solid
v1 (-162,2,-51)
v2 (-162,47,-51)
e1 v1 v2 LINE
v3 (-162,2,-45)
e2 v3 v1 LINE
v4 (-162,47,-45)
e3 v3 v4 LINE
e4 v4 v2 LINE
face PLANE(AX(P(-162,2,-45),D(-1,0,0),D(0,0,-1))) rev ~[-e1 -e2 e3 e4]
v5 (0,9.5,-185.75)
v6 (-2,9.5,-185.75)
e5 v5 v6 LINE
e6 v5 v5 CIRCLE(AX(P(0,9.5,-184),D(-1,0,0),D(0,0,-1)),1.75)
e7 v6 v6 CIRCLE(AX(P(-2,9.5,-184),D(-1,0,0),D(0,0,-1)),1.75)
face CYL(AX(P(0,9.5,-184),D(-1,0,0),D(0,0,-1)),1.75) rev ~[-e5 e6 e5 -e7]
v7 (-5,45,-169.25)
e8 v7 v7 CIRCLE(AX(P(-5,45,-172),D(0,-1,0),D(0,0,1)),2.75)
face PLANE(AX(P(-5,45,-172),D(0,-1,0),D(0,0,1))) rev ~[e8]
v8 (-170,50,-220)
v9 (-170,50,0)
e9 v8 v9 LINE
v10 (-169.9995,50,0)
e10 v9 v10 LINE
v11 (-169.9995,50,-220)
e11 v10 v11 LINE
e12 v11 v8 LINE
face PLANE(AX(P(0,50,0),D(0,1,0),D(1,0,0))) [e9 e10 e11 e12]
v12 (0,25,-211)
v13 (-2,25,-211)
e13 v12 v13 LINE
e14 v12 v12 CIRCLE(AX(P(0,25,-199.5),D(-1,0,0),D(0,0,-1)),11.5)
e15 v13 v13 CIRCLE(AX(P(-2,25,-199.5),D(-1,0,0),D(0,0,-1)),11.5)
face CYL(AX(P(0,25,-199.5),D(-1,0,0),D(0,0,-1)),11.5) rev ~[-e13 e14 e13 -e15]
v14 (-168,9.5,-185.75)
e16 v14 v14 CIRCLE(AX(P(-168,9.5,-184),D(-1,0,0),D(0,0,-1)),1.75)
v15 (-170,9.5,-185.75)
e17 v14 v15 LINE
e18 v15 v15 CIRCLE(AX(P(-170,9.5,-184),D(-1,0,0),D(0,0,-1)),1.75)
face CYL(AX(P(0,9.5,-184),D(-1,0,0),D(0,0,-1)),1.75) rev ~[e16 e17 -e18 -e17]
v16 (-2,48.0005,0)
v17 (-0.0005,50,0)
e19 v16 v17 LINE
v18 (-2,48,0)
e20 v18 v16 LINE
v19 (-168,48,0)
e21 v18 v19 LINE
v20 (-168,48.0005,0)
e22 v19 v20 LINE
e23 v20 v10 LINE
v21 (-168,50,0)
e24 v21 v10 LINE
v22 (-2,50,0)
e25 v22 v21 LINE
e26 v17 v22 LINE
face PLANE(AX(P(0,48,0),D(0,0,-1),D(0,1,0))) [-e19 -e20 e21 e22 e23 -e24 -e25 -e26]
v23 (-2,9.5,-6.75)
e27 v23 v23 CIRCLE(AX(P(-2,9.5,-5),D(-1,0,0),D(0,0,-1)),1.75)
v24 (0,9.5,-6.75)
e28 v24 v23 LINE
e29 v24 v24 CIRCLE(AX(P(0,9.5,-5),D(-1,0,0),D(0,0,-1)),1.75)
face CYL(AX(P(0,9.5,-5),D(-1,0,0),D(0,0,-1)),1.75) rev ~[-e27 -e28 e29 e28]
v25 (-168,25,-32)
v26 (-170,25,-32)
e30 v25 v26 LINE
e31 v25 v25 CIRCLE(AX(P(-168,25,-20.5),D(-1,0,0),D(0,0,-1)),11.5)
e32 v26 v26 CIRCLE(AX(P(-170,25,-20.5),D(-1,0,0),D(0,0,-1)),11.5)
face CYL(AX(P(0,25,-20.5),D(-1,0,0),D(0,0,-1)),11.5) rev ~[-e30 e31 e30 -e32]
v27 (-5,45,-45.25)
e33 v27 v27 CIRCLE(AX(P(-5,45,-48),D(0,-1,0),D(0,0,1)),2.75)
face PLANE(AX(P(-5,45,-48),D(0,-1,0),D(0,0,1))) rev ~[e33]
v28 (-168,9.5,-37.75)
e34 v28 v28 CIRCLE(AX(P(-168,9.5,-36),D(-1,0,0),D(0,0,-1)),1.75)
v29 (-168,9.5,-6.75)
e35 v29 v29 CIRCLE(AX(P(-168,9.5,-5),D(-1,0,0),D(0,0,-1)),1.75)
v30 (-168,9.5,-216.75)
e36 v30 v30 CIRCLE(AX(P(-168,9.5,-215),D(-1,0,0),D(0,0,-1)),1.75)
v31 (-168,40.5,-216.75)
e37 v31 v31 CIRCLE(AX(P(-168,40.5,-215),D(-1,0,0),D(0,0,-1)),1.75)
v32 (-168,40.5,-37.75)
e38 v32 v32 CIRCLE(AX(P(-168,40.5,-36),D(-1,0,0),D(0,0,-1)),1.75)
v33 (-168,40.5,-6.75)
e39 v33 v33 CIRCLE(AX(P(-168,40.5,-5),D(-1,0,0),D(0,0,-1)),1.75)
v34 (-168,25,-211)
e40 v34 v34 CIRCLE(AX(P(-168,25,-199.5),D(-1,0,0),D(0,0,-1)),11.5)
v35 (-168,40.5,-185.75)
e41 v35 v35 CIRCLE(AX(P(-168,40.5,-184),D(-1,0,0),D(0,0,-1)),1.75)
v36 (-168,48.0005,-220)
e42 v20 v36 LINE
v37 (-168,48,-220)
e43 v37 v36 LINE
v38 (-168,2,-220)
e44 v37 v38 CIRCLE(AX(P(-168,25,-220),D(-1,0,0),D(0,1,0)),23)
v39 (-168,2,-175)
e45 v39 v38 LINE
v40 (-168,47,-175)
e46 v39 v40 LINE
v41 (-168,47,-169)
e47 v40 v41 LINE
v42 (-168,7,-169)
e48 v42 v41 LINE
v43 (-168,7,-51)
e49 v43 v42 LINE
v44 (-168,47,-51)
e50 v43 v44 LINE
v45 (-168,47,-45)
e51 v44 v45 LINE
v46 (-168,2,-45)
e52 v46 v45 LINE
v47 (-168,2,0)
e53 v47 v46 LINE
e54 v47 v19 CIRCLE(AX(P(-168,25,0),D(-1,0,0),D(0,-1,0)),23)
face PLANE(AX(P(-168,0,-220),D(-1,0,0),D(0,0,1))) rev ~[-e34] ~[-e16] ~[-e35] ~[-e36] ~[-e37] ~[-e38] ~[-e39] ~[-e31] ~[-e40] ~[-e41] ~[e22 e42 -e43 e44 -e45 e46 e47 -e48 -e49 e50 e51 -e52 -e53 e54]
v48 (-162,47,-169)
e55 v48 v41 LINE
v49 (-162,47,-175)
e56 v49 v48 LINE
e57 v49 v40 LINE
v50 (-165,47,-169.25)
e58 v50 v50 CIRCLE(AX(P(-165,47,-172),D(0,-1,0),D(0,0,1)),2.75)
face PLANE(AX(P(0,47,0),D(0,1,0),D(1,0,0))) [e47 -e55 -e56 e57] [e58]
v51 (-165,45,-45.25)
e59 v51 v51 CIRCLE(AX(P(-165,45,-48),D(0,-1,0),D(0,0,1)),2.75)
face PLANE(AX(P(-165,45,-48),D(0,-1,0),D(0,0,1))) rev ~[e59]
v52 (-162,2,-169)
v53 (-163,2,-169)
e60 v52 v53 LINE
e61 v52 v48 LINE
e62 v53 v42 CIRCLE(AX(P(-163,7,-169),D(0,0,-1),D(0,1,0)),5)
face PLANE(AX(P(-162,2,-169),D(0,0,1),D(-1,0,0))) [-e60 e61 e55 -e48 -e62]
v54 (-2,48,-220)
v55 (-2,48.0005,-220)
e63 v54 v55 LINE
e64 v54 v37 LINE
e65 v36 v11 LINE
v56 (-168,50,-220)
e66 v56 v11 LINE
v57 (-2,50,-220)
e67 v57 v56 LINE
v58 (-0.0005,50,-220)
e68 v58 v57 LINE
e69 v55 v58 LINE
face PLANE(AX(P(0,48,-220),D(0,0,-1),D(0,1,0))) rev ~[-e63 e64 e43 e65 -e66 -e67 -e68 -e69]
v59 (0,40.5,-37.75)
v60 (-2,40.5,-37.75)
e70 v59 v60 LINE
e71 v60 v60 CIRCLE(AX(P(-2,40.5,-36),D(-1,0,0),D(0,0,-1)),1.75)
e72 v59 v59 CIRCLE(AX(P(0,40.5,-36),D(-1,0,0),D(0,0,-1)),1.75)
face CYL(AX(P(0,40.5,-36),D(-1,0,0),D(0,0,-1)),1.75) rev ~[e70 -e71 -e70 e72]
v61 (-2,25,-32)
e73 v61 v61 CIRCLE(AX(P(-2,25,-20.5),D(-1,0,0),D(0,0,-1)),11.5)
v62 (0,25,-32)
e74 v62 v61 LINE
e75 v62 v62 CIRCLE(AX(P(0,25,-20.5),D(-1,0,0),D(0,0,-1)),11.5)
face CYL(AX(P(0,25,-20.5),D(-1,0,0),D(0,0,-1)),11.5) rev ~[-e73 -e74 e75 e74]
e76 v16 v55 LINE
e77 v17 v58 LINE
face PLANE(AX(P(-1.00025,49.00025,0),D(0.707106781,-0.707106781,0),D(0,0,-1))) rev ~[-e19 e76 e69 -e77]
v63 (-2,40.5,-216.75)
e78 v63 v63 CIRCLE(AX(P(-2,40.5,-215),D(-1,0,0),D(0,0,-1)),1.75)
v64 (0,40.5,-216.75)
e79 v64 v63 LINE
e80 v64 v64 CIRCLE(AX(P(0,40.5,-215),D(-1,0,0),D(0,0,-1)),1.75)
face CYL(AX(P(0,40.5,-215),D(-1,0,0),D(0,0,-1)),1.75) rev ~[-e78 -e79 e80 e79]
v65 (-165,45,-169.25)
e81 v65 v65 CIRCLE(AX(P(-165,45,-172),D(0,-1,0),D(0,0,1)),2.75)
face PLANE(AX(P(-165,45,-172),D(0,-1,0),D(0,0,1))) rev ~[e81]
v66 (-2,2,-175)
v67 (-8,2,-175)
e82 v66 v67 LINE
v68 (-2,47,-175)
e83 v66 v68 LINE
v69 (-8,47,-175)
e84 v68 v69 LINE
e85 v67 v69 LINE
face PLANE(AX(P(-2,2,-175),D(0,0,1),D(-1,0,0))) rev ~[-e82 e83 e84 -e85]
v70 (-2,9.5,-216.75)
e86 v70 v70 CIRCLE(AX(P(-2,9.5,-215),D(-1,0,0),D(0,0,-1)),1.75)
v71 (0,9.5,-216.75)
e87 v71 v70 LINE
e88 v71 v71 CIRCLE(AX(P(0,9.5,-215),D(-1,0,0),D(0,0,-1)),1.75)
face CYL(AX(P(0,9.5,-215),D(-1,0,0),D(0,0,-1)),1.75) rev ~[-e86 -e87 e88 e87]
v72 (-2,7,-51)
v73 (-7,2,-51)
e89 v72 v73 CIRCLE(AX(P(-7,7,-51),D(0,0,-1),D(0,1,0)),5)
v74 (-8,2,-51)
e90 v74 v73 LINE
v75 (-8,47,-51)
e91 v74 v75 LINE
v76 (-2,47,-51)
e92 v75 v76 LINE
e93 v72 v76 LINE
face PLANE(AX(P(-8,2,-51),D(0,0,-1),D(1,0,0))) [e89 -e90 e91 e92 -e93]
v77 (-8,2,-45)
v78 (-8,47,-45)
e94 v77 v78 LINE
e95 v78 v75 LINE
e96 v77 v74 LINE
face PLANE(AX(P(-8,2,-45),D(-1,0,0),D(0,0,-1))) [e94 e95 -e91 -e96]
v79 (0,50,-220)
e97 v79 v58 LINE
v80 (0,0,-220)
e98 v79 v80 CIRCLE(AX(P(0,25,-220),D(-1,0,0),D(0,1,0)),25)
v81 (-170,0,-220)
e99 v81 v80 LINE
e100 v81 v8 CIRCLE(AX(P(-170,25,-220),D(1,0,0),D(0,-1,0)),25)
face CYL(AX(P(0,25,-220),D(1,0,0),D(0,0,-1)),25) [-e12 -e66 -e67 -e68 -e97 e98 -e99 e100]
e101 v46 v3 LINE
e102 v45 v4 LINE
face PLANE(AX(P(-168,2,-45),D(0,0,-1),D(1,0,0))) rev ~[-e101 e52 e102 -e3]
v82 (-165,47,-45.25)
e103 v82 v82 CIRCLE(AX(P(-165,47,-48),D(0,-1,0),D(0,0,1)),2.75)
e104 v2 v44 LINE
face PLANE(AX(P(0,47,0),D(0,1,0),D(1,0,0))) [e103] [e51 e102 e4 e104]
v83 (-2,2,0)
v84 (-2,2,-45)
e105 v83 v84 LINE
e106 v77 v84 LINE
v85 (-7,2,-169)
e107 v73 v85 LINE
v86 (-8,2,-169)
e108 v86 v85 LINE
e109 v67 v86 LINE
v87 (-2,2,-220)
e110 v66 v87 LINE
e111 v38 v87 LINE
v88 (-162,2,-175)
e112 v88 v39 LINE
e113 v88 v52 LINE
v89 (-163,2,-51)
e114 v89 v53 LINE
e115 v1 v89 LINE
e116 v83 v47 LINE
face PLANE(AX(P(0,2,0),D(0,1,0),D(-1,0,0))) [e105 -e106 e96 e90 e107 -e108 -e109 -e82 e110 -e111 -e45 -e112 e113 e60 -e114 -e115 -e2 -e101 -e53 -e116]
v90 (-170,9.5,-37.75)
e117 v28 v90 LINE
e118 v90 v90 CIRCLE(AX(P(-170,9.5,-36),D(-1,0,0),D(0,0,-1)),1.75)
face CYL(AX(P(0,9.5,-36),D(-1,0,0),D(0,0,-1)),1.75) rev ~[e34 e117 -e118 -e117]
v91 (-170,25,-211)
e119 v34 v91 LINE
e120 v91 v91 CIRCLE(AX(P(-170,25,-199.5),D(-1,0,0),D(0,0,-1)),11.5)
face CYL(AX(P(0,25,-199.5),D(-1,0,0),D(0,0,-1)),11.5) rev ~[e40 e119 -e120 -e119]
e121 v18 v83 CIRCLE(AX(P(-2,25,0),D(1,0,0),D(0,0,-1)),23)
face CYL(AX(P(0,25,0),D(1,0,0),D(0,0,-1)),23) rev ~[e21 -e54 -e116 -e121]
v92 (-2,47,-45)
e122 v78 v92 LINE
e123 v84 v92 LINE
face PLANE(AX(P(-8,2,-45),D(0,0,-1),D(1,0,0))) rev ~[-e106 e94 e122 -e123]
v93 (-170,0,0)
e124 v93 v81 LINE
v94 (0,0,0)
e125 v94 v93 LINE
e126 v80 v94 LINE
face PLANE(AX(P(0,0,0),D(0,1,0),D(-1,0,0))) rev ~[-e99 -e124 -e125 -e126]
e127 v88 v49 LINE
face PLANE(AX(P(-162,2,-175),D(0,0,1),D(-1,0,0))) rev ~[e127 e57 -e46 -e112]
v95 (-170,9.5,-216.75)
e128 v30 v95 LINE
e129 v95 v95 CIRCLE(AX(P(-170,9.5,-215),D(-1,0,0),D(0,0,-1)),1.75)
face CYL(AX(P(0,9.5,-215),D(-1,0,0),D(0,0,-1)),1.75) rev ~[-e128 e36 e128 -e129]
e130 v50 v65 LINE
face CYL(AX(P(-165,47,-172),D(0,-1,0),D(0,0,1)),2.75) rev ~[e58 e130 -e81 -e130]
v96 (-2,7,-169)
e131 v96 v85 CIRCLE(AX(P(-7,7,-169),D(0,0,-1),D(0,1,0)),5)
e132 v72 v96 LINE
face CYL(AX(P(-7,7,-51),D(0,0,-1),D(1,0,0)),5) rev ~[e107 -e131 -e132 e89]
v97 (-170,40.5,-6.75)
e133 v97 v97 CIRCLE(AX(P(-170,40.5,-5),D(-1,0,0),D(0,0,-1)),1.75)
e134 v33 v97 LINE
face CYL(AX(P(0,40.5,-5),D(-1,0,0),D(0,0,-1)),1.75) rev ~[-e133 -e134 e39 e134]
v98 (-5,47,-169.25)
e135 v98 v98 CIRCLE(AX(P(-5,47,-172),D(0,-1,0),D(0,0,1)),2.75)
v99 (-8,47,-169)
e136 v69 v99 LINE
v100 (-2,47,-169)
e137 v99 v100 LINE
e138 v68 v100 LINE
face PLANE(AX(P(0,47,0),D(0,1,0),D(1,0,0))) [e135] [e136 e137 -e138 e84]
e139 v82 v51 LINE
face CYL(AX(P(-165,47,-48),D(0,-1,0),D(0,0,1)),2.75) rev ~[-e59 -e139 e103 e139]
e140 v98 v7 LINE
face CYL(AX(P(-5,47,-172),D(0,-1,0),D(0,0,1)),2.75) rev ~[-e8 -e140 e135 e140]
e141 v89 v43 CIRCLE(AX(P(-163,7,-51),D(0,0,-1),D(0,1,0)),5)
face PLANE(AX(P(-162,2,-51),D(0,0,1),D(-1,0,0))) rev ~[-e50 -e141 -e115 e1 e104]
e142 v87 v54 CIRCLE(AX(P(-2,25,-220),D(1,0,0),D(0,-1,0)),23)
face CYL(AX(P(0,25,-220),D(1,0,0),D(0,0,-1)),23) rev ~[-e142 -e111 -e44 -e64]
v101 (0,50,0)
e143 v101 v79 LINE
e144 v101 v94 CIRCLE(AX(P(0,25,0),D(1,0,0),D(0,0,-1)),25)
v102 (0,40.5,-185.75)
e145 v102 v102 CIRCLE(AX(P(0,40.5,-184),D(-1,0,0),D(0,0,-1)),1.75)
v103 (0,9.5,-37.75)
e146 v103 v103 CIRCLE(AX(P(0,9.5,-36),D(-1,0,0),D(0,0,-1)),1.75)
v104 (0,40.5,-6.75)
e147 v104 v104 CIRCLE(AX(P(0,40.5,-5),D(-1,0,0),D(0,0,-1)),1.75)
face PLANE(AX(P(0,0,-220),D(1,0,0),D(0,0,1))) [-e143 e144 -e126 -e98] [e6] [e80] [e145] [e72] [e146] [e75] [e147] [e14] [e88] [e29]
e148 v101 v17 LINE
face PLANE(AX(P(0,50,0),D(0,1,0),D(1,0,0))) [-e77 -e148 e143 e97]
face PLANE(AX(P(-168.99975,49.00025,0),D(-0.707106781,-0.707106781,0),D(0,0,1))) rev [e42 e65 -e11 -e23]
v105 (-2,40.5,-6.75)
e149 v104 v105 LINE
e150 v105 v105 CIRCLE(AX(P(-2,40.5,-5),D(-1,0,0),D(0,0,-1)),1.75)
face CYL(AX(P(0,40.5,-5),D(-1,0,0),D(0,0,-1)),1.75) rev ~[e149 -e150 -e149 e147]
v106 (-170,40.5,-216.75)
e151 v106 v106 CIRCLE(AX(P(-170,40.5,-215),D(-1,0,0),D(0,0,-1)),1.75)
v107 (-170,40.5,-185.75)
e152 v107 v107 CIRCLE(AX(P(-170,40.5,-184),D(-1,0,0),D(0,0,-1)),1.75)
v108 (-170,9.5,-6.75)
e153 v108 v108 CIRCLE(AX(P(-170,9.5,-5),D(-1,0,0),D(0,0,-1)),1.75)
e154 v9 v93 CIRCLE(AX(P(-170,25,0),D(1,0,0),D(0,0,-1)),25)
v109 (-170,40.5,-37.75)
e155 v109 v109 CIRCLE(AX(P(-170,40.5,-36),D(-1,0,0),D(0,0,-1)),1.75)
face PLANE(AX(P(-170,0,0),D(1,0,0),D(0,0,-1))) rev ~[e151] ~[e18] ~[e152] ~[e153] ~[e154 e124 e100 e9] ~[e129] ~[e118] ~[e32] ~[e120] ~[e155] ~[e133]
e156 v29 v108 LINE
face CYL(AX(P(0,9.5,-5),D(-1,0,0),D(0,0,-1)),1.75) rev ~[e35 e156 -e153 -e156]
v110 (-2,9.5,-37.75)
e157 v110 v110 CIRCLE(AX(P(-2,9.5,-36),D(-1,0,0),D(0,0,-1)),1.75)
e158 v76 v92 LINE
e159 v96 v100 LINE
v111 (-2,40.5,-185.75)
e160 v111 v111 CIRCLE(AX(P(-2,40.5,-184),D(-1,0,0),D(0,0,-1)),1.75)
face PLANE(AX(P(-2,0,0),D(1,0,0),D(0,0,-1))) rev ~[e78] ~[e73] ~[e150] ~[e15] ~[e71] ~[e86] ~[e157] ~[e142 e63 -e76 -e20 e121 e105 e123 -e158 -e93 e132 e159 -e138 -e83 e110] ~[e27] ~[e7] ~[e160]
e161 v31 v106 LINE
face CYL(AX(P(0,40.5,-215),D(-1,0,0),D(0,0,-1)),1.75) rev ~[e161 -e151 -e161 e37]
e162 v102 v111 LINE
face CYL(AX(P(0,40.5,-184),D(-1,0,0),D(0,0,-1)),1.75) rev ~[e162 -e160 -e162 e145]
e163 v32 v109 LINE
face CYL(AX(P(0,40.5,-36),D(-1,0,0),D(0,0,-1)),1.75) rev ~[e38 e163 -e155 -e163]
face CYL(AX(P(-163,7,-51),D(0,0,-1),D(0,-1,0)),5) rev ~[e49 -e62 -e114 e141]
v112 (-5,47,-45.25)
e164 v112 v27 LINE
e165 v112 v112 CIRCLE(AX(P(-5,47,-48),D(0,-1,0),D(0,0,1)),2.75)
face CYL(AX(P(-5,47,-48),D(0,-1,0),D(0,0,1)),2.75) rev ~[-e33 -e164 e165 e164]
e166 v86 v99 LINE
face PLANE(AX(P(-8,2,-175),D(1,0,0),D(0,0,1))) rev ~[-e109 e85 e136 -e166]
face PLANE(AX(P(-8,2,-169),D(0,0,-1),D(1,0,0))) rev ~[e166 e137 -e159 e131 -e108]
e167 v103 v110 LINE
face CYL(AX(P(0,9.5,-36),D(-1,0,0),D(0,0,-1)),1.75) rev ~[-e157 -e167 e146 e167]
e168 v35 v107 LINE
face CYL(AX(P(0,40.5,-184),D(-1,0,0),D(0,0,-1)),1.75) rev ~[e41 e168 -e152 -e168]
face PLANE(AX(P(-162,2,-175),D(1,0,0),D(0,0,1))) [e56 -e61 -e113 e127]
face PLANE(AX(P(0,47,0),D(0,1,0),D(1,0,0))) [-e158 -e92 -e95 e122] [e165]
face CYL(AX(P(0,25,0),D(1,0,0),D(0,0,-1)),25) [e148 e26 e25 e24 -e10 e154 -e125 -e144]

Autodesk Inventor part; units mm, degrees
ref_plane "YZ Plane" through (0, 0, 0) normal (1, 0, 0) x (0, 1, 0)
ref_plane "XZ Plane" through (0, 0, 0) normal (0, 1, 0) x (-1, 0, 0)
ref_plane "XY Plane" through (0, 0, 0) normal (0, 0, 1) x (1, 0, 0)
sketch "Sketch1" plane through (0, 0, 0) normal (0, 1, 0) x (-1, 0, 0)
  line L0 (0, 0) -> (170, 0)
  line L1 (170, 0) -> (170, -220)
  line L2 (170, -220) -> (0, -220)
  line L3 (0, -220) -> (0, 0)
  dimension "d0" = 170
  dimension "d1" = 220
extrude "base" add sketch "Sketch1" along normal blind 2
sketch "Sketch2" plane through (0, 2, 0) normal (0, 1, 0) x (1, 0, 0)
  line L0 (0, 0) -> (0, 220) projected
  line L1 (0, 220) -> (-170, 220) projected
  line L2 (0, 0) -> (-2, 0)
  line L3 (-2, 0) -> (-2, 220)
  line L4 (-2, 220) -> (0, 220)
  line L5 (0, 220) -> (0, 0)
  line L6 (-170, 220) -> (-170, 0) projected
  line L7 (-170, 0) -> (-168, 0)
  line L8 (-168, 0) -> (-168, 220)
  line L9 (-168, 220) -> (-170, 220)
  line L10 (-170, 220) -> (-170, 0)
  dimension "d4" = 2
  dimension "d5" = 2
extrude "walls" add sketch "Sketch2" along normal blind 48
sketch "rounded_wall" plane through (0, 0, 0) normal (1, 0, 0) x (0, 0, -1)
  line L0 (0, 0) -> (0, 50) projected
  line L1 (0, 0) -> (0, 50)
  circle A0 centre (0, 25) radius 25
  circle A1 centre (0, 25) radius 23
  line L2 (220, 0) -> (220, 50) projected
  line L3 (220, 0) -> (220, 50)
  circle A2 centre (220, 25) radius 25
  line L4 (220, 2) -> (220, 50) projected
  circle A3 centre (220, 25) radius 23
  point P0 (0, 2)
  point P1 (0, 48)
  point P2 (220, 48)
  dimension "d8" = 46
extrude "rounded_wall_extrusion" add sketch "rounded_wall" against normal blind 170 contours A0 L0 A1 | L2 A3 A2 picked at (-24.1559, 25.9241) picked at (243.9322, 21.4397)
extrude "rounded_wall_side1_extrusion" add sketch "rounded_wall" against normal blind 2 contours A1 L0 | L2 A3 picked at (-13.0084, 23.4205) picked at (235.581, 24.2074)
sketch "rounded_wall_side2" plane through (-170, 0, -220) normal (-1, 0, 0) x (0, 0, 1)
  line L0 (220, 2) -> (220, 48) projected
  line L1 (220, 48) -> (220, 2)
  arc A0 (220, 2) -> (220, 48) centre (220, 25) ccw projected
  circle A1 centre (220, 25) radius 23
  line L2 (0, 0) -> (220, 0) projected
  line L3 (0, 48) -> (0, 2)
  line L4 (0, 48) -> (0, 2)
  arc A2 (0, 48) -> (0, 2) centre (0, 25) ccw projected
  circle A3 centre (0, 25) radius 23
  point P0 (220, 4.5)
extrude "rounded_wall_side2_extrusion" add sketch "rounded_wall_side2" against normal blind 2 contours L0 A0 | L3 A2
sketch "holes" plane through (0, 25, -220) normal (1, 0, 0) x (0, 0, -1)
  arc A0 (-220, 23) -> (-220, -23) centre (-220, 0) ccw projected
  line L0 (-220, -23) -> (-179, -23)
  line L1 (-179, -23) -> (-179, 23)
  line L2 (-179, 23) -> (-220, 23)
  line L3 (-220, 23) -> (-220, -23)
  line L4 (-220, -23) -> (0, -23) projected
  line L5 (0, -23) -> (-41, -23)
  line L6 (-41, -23) -> (-41, 23)
  line L7 (-41, 23) -> (0, 23)
  line L8 (0, 23) -> (0, -23)
  line L9 (-5, -15.5) -> (-36, -15.5)
  line L10 (-36, -15.5) -> (-36, 15.5)
  line L11 (-36, 15.5) -> (-5, 15.5)
  line L12 (-5, 15.5) -> (-5, -15.5)
  arc A1 (0, -23) -> (0, 23) centre (0, 0) ccw projected
  line L13 (-215, -15.5) -> (-184, -15.5)
  line L14 (-184, -15.5) -> (-184, 15.5)
  line L15 (-184, 15.5) -> (-215, 15.5)
  line L16 (-215, 15.5) -> (-215, -15.5)
  arc A2 (-220, 25) -> (-220, -25) centre (-220, 0) ccw projected
  point P0 (-20.5, -15.5)
  point P1 (-20.5, -23)
  point P2 (-5, 0)
  point P3 (23, 0)
  point P4 (-215, 0)
  point P5 (-245, 0)
  point P6 (-199.5, -15.5)
  point P7 (-199.5, -23)
  point P8 (-199.5, 0)
  point P9 (-20.5, 0)
  point P10 (-199.5, 23)
  dimension "d15" = 41
  dimension "d16" = 41
  dimension "d17" = 31
  dimension "d18" = 31
  dimension "d19" = 31
  dimension "d20" = 31
hole "shaft_holes" at (0, 25, -20.5) at (0, 25, -199.5) direction (-1, 0, 0) diameter 23 end through all
hole "motor_holes" at (0, 40.5, -5) at (0, 40.5, -36) at (0, 9.5, -5) at (0, 9.5, -36) at (0, 40.5, -184) at (0, 40.5, -215) at (0, 9.5, -215) at (0, 9.5, -184) direction (-1, 0, 0) diameter 3.5 end through all
sketch "Sketch7" plane through (0, 2, 0) normal (0, 1, 0) x (1, 0, 0)
  line L0 (-168, 220) -> (-168, 0) projected
  line L1 (-2, 220) -> (-2, 0) projected
  line L2 (-168, 45) -> (-2, 45)
  line L3 (-2, 45) -> (-2, 175)
  line L4 (-2, 175) -> (-168, 175)
  line L5 (-168, 175) -> (-168, 45)
  line L6 (-168, 175) -> (-162, 175)
  line L7 (-162, 175) -> (-162, 169)
  line L8 (-162, 169) -> (-168, 169)
  line L9 (-168, 169) -> (-168, 175)
  line L10 (-168, 45) -> (-162, 45)
  line L11 (-162, 45) -> (-162, 51)
  line L12 (-162, 51) -> (-168, 51)
  line L13 (-168, 51) -> (-168, 45)
  line L14 (-2, 175) -> (-8, 175)
  line L15 (-8, 175) -> (-8, 169)
  line L16 (-8, 169) -> (-2, 169)
  line L17 (-2, 169) -> (-2, 175)
  line L18 (-2, 45) -> (-8, 45)
  line L19 (-8, 45) -> (-8, 51)
  line L20 (-8, 51) -> (-2, 51)
  line L21 (-2, 51) -> (-2, 45)
  point P0 (0, 0)
  point P1 (-168, 110)
  point P2 (-2, 110)
  point P3 (-168, 169)
  point P4 (-162, 175)
  point P5 (-2, 51)
  point P6 (-2, 169)
  dimension "d35" = 130
  dimension "d36" = 6
  dimension "d37" = 6
  dimension "d38" = 6
  dimension "d39" = 6
  dimension "d40" = 6
  dimension "d41" = 6
extrude "columns" add sketch "Sketch7" along normal blind 45 contours L4 L7 L8 L0 | L12 L11 L2 L0 | L4 L1 L16 L15 | L19 L20 L1 L2
sketch "Sketch9" plane through (0, 47, 0) normal (0, 1, 0) x (1, 0, 0)
  line L0 (-8, 175) -> (-2, 175) projected
  line L1 (-8, 169) -> (-2, 169) projected
  line L2 (-8, 175) -> (-2, 175)
  line L3 (-2, 175) -> (-2, 169)
  line L4 (-2, 169) -> (-8, 169)
  line L5 (-8, 169) -> (-8, 175)
  line L6 (-8, 51) -> (-2, 51) projected
  line L7 (-2, 45) -> (-8, 45) projected
  line L8 (-2, 51) -> (-8, 51)
  line L9 (-8, 51) -> (-8, 45)
  line L10 (-8, 45) -> (-2, 45)
  line L11 (-2, 45) -> (-2, 51)
  line L12 (-162, 51) -> (-162, 45) projected
  line L13 (-168, 0) -> (-168, 220) projected
  line L14 (-162, 51) -> (-168, 51)
  line L15 (-168, 51) -> (-168, 45)
  line L16 (-168, 45) -> (-162, 45)
  line L17 (-162, 45) -> (-162, 51)
  line L18 (-162, 175) -> (-168, 175)
  line L19 (-168, 175) -> (-168, 169)
  line L20 (-168, 169) -> (-162, 169)
  line L21 (-162, 169) -> (-162, 175)
  point P0 (0, 0)
  point P1 (-165, 172)
  point P2 (-5, 172)
  point P3 (-5, 48)
  point P4 (-165, 48)
hole "magnet_holders" at (-165, 47, -172) at (-5, 47, -172) at (-5, 47, -48) at (-165, 47, -48) direction (0, -1, 0) diameter 5.5 depth 2
chamfer "chamfers" distance 2 angle 45 2 edges at (-2, 50, -110) (-168, 50, -110)
fillet "fillets" radius 5 2 edges at (-168, 2, -110) (-2, 2, -110)
properties part number "bottom"
